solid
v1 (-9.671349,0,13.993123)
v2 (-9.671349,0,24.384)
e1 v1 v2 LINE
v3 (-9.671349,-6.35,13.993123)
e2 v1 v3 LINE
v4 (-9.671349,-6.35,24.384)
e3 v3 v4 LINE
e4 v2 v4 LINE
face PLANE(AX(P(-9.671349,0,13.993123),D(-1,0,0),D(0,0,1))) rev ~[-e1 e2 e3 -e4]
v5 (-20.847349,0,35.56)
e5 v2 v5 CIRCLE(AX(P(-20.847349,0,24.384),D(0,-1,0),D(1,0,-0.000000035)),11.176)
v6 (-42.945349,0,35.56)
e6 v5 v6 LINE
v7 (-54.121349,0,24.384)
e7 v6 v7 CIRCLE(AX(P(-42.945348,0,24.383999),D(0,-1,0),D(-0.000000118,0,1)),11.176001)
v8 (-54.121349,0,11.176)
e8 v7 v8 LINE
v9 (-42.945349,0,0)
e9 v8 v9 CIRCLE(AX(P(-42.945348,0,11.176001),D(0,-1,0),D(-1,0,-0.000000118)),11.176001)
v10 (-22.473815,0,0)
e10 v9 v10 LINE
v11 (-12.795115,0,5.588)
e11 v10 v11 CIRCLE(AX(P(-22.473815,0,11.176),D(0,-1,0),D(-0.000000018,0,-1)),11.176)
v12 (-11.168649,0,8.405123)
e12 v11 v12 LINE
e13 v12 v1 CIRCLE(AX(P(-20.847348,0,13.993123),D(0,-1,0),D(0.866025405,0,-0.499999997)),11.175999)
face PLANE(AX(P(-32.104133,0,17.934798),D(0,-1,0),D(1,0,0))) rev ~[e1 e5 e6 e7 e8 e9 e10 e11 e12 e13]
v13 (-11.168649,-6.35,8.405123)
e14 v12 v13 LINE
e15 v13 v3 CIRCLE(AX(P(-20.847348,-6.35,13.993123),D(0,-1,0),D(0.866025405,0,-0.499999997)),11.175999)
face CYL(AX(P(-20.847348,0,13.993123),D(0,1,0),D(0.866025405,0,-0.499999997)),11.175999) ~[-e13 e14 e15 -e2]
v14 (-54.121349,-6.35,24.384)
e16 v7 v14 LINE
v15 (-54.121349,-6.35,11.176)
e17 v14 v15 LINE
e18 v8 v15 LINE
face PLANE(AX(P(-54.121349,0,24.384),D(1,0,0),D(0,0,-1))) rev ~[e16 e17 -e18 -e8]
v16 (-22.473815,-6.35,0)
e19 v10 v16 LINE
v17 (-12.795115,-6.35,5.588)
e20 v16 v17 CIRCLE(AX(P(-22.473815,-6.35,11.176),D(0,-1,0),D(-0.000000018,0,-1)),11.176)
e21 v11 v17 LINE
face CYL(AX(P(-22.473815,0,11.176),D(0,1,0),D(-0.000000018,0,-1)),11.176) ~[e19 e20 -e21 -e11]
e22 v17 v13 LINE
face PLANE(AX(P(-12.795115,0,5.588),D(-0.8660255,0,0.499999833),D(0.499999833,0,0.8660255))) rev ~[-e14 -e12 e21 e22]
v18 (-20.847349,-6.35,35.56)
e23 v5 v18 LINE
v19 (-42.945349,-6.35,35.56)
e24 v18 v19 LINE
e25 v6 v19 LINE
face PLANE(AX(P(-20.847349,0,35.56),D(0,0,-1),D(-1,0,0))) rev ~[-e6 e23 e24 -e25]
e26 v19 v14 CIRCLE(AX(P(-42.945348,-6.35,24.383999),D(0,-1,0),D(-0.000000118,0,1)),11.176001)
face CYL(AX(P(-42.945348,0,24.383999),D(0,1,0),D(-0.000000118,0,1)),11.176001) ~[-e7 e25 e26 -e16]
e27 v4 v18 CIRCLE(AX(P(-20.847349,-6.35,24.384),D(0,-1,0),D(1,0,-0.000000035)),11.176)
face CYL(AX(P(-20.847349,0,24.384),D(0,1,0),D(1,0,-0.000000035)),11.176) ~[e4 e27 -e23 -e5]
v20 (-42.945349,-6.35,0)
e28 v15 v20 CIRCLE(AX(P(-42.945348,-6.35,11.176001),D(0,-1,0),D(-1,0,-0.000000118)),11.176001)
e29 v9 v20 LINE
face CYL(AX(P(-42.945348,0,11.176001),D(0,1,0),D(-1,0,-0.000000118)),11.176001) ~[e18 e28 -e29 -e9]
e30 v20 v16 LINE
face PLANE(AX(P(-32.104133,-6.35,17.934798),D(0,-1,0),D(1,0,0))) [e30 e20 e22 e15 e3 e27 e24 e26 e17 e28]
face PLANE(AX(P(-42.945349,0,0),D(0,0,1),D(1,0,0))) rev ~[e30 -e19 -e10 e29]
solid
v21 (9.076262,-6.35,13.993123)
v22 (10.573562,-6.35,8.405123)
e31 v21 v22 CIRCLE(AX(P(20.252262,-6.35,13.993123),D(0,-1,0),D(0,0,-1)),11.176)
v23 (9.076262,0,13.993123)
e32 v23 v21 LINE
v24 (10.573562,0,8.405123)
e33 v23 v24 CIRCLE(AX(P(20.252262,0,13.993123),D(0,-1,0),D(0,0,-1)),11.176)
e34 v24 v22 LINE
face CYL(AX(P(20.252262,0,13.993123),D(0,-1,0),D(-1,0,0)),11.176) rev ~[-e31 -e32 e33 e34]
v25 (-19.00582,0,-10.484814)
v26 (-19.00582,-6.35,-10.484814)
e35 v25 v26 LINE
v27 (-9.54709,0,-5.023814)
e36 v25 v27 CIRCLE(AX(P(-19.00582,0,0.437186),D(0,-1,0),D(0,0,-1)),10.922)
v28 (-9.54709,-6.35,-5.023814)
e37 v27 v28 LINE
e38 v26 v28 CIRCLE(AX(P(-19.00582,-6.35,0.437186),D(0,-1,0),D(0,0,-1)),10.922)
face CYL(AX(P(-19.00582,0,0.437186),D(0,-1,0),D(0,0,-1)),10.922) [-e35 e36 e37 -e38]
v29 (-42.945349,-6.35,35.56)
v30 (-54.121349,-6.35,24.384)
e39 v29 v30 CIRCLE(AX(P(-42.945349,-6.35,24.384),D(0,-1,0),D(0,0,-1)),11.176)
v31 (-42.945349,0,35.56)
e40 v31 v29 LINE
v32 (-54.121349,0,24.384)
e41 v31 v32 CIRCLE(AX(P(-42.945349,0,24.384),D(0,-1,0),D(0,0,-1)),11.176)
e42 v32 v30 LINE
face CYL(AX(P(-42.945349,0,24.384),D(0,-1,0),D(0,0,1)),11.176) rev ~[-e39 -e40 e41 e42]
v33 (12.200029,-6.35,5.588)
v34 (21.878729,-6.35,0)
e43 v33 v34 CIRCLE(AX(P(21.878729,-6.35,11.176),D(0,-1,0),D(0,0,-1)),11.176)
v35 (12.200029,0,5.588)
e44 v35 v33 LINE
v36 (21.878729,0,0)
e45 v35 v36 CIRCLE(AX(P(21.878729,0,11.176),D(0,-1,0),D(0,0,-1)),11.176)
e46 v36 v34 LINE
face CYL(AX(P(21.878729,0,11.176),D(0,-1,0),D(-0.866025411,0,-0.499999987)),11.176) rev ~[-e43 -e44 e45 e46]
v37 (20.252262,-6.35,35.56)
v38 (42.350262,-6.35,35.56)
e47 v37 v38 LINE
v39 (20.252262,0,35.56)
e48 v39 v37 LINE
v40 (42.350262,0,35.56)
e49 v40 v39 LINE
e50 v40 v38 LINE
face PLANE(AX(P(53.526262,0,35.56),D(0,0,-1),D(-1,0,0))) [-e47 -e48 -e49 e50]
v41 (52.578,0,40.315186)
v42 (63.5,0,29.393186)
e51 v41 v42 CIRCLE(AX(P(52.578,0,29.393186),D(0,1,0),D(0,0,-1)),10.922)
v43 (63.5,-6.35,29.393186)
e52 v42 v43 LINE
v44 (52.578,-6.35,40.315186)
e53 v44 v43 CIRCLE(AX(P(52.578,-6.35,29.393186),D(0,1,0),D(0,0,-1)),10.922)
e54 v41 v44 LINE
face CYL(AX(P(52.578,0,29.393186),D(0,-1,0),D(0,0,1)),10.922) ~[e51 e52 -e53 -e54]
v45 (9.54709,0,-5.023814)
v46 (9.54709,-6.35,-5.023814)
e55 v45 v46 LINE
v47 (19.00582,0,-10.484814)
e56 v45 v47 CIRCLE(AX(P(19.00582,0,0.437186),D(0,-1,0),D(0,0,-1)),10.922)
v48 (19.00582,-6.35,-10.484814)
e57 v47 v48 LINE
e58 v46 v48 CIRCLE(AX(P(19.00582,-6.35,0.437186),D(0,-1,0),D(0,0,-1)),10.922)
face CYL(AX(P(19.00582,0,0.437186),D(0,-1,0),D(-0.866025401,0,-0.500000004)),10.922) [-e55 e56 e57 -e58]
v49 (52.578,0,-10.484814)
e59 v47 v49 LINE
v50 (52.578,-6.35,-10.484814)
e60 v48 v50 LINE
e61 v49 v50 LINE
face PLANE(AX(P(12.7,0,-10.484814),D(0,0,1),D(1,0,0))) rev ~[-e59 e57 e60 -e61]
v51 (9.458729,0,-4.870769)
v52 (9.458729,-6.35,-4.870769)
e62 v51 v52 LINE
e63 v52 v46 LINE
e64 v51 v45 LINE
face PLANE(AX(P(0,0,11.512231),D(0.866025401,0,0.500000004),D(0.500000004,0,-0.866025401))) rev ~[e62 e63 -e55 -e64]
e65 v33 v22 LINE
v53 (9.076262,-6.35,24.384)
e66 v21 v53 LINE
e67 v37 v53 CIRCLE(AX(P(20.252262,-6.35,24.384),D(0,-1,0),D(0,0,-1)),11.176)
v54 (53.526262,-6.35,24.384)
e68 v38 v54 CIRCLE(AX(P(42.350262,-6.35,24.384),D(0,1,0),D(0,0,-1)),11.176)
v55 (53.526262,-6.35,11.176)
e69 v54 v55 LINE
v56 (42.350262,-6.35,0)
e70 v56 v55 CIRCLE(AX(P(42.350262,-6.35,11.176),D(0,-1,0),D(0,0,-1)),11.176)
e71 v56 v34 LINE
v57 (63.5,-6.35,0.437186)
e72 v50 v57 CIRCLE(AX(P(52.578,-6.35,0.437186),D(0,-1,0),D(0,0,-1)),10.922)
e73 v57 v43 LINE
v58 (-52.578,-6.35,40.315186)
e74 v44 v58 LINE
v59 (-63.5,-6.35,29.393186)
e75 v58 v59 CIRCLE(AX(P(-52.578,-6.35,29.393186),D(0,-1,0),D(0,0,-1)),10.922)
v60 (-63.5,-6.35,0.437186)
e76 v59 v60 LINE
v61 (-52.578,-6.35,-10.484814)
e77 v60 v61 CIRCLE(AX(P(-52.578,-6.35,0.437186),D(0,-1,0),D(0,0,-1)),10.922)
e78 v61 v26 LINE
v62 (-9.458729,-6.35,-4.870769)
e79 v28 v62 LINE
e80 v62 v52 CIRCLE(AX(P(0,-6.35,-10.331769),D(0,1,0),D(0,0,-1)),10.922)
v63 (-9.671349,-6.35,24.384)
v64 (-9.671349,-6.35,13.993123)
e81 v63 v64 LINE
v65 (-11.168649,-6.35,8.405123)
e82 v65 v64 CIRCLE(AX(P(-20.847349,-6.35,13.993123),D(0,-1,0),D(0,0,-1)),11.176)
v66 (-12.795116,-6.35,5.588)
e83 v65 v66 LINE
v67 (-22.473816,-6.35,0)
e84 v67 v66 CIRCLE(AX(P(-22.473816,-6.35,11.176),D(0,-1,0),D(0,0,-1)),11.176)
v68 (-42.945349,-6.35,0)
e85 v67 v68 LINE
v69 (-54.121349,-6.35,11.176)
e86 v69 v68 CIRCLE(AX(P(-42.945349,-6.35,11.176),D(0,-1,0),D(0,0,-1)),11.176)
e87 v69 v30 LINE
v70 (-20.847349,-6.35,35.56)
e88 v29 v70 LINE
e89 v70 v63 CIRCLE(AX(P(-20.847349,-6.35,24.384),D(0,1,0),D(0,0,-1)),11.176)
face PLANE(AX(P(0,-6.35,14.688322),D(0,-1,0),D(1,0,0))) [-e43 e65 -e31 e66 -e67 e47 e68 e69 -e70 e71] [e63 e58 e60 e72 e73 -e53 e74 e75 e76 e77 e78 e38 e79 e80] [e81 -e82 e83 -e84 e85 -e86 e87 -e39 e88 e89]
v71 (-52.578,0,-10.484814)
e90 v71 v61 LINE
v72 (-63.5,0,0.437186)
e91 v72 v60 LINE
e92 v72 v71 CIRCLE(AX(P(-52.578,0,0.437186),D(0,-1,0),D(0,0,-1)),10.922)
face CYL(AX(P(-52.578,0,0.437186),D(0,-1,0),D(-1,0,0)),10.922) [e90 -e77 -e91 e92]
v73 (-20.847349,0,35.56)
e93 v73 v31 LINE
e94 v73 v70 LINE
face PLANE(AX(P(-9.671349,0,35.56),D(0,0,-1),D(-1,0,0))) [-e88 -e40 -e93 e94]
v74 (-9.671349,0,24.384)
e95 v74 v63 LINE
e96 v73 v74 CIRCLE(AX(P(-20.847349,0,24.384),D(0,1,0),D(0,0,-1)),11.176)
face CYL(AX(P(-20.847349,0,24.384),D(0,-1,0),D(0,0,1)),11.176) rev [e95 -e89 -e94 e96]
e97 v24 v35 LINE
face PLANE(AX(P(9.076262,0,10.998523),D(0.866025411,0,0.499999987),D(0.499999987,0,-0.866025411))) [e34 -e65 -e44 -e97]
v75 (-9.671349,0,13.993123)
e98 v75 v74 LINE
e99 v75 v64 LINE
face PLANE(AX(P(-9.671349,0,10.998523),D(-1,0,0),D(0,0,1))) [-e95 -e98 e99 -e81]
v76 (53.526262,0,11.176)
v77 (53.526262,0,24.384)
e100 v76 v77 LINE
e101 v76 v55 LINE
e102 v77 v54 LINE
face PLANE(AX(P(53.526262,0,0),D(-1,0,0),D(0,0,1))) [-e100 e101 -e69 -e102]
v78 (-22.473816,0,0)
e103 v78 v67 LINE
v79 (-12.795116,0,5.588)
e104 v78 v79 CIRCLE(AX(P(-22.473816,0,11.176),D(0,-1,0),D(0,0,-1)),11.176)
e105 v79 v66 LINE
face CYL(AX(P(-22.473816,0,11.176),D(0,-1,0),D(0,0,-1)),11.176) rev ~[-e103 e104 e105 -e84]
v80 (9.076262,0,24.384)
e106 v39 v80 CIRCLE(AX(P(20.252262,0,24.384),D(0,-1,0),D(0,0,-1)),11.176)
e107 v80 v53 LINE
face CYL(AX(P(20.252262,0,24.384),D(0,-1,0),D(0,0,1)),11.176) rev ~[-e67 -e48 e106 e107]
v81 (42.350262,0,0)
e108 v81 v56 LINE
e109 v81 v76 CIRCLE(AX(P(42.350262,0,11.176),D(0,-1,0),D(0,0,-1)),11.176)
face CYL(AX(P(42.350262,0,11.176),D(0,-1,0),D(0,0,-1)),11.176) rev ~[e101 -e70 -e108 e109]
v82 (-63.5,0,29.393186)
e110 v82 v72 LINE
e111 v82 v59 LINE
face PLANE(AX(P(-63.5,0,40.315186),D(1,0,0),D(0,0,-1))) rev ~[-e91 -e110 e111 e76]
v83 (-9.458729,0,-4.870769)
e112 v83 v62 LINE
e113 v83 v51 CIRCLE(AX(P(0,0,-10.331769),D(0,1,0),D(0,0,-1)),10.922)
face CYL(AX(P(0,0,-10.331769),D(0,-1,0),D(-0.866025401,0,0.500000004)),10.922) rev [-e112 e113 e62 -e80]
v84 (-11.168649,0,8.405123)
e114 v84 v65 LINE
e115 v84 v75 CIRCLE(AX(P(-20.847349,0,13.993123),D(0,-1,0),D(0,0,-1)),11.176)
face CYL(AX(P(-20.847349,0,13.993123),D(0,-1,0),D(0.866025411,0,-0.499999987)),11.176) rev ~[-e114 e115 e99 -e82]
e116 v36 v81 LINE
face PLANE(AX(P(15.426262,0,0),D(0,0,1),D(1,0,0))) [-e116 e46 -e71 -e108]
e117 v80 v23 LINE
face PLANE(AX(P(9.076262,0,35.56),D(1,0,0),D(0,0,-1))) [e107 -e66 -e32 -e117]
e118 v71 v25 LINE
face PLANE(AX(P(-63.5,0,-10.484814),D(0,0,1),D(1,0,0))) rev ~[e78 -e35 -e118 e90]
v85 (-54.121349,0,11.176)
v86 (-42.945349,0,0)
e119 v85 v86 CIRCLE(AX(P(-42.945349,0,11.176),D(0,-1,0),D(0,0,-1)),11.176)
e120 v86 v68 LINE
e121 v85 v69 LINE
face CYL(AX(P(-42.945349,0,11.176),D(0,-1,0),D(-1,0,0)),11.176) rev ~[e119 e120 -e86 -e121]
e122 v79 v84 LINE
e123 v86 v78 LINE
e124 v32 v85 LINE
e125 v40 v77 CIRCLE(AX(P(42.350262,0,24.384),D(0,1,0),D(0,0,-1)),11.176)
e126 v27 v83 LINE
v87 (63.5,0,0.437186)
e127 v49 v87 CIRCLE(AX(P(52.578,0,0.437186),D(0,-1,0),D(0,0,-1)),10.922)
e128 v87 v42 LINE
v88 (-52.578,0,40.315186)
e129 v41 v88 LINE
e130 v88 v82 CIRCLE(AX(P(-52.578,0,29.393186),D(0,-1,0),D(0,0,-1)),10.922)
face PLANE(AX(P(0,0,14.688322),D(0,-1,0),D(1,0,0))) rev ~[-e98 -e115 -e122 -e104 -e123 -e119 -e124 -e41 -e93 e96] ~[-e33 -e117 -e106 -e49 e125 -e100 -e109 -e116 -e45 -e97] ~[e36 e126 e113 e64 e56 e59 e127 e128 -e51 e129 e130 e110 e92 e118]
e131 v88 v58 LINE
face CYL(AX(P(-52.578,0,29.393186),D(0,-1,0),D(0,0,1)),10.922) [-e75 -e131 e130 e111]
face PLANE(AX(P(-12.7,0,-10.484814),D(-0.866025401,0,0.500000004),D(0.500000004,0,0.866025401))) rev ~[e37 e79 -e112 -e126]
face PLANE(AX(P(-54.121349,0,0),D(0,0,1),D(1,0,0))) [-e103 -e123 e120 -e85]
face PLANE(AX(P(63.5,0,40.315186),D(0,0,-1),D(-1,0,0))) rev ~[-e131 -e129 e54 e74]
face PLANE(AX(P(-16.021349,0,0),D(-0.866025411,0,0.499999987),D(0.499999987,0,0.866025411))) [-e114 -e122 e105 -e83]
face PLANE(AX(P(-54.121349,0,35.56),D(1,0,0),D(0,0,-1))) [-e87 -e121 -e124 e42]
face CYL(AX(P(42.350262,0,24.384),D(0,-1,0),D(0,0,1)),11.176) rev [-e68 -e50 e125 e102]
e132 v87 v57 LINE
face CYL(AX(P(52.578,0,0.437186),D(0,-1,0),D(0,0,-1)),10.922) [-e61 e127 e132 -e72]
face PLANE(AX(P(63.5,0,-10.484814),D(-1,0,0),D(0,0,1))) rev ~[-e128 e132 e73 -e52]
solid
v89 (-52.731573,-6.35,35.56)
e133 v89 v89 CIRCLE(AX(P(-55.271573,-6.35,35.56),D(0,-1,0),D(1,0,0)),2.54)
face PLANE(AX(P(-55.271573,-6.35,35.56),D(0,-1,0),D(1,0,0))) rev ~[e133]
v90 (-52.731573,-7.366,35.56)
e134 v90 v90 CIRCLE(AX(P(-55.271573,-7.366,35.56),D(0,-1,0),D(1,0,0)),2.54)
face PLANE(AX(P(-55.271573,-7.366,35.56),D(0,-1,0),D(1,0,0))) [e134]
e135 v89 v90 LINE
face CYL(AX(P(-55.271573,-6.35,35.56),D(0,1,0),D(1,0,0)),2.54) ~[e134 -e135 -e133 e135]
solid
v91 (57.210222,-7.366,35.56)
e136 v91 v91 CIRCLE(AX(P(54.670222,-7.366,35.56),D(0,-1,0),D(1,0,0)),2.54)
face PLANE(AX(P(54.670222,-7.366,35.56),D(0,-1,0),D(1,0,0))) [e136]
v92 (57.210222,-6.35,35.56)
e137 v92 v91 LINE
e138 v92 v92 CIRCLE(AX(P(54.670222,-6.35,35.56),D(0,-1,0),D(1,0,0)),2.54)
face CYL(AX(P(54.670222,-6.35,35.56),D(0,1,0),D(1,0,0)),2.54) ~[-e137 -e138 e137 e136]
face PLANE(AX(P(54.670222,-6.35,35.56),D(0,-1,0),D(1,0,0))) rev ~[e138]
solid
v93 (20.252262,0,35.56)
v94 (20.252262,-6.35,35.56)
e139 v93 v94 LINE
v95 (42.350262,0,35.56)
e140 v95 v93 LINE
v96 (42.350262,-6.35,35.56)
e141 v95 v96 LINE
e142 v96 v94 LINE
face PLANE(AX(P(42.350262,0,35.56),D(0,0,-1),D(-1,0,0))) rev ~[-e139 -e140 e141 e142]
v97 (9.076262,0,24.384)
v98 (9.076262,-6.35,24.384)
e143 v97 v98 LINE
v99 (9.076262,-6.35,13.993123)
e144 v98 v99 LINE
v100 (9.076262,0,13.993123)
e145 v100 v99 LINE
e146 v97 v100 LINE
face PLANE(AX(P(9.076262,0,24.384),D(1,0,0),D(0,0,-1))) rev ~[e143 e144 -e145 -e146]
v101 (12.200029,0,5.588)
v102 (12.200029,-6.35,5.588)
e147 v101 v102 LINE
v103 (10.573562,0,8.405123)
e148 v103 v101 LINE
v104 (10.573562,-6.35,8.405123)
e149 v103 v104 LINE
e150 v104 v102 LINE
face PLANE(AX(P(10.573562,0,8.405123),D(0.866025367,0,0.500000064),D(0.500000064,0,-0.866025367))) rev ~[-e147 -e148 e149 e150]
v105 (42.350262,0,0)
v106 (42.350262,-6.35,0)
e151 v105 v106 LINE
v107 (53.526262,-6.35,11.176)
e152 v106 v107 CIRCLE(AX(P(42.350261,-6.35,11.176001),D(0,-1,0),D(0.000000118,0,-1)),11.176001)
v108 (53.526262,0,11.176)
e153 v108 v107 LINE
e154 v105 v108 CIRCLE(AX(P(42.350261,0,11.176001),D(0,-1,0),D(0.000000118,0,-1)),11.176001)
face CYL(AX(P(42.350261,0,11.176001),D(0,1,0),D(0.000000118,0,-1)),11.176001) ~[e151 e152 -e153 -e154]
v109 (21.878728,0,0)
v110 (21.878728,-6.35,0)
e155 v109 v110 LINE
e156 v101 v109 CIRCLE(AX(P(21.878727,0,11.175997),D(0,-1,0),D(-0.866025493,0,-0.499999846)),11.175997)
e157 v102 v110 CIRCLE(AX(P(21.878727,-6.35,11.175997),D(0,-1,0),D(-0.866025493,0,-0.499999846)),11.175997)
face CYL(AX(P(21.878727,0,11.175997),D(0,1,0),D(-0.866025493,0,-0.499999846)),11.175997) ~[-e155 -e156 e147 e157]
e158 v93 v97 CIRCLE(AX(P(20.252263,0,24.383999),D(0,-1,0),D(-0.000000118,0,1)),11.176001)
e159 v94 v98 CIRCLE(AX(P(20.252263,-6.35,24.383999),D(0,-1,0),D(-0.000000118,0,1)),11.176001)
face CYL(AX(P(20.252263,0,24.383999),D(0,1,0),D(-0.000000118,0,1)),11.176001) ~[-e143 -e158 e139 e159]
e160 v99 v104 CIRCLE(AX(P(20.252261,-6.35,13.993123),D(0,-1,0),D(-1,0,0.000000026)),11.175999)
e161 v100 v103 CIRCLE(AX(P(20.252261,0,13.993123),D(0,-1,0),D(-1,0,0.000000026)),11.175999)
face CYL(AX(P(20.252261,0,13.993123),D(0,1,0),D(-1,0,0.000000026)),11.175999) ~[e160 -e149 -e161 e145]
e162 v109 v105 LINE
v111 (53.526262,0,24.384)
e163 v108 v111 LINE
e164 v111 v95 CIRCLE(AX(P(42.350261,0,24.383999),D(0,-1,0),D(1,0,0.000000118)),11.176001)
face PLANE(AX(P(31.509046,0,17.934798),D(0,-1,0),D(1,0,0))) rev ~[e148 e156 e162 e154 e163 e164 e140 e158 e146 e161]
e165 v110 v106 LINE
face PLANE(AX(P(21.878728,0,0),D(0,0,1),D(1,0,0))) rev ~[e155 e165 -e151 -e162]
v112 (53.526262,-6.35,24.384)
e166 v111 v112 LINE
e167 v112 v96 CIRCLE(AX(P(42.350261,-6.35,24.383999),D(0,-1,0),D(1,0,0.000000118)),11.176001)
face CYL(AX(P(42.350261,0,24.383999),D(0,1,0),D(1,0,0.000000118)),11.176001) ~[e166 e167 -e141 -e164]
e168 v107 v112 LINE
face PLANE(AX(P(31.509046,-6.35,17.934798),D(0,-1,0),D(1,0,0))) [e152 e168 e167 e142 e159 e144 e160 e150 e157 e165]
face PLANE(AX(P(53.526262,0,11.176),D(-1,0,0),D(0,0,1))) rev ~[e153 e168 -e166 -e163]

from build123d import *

# Parameters (mm, degrees)
F1_DEPTH = 6.35
F2_R     = 10.922
F4_DEPTH = 25.4
F5_R     = 11.176
F7_DEPTH = 6.35
F8_R     = 2.54
F9_DEPTH = 1.016


with BuildPart() as f1:
    # F0 (on Front) → F1 (new body)
    with BuildSketch(Plane.XZ):
        Polygon((63.5, 40.315186), (-63.5, 40.315186), (-63.5, -10.484814), (-12.7, -10.484814), (0, 11.512231), (12.7, -10.484814), (63.5, -10.484814), align=None)
    extrude(amount=F1_DEPTH)

    # F2
    f2_edges = [f1.edges().sort_by_distance(p)[0] for p in [
        (63.5, -3.175, 40.315186),
        (-63.5, -3.175, 40.315186),
        (-63.5, -3.175, -10.484814),
        (-12.7, -3.175, -10.484814),
        (0, -3.175, 11.512231),
        (12.7, -3.175, -10.484814),
        (63.5, -3.175, -10.484814),
    ]]
    fillet(f2_edges, radius=F2_R)

    # F3 (on Front) → F4 (cut)
    with BuildSketch(Plane.XZ):
        Polygon((-9.671349, 35.56), (-54.121349, 35.56), (-54.121349, 0), (-16.021349, 0), (-9.671349, 10.998523), align=None)
        Polygon((53.526262, 35.56), (9.076262, 35.56), (9.076262, 10.998523), (15.426262, 0), (53.526262, 0), align=None)
    extrude(amount=F4_DEPTH, mode=Mode.SUBTRACT)

    # F5
    f5_edges = [f1.edges().sort_by_distance(p)[0] for p in [
        (-54.121349, -3.175, 35.56),
        (-9.671349, -3.175, 35.56),
        (-9.671349, -3.175, 10.998523),
        (-16.021349, -3.175, 0),
        (-54.121349, -3.175, 0),
        (15.426262, -3.175, 0),
        (9.076262, -3.175, 10.998523),
        (9.076262, -3.175, 35.56),
        (53.526262, -3.175, 35.56),
        (53.526262, -3.175, 0),
    ]]
    fillet(f5_edges, radius=F5_R)


with BuildPart() as f7:
    # F6 (on Front) → F7 (new body)
    with BuildSketch(Plane.XZ):
        with BuildLine():
            Line((-54.121349, 24.384), (-54.121349, 11.176))
            ThreePointArc((-54.121349, 11.176), (-50.847974, 3.273375), (-42.945349, 0))
            Line((-42.945349, 0), (-22.473815, 0))
            ThreePointArc((-22.473815, 0), (-16.885815, 1.4973), (-12.795115, 5.588))
            Line((-12.795115, 5.588), (-11.168649, 8.405123))
            ThreePointArc((-11.168649, 8.405123), (-10.052162, 11.100561), (-9.671349, 13.993123))
            Line((-9.671349, 13.993123), (-9.671349, 24.384))
            ThreePointArc((-9.671349, 24.384), (-12.944723, 32.286625), (-20.847349, 35.56))
            Line((-20.847349, 35.56), (-42.945349, 35.56))
            ThreePointArc((-42.945349, 35.56), (-50.847974, 32.286625), (-54.121349, 24.384))
        make_face()
        with BuildLine():
            Line((9.076262, 24.384), (9.076262, 13.993123))
            ThreePointArc((9.076262, 13.993123), (9.457075, 11.100561), (10.573562, 8.405123))
            Line((10.573562, 8.405123), (12.200029, 5.588))
            ThreePointArc((12.200029, 5.588), (16.290728, 1.4973), (21.878728, 0))
            Line((21.878728, 0), (42.350262, 0))
            ThreePointArc((42.350262, 0), (50.252887, 3.273375), (53.526262, 11.176))
            Line((53.526262, 11.176), (53.526262, 24.384))
            ThreePointArc((53.526262, 24.384), (50.252887, 32.286625), (42.350262, 35.56))
            Line((42.350262, 35.56), (20.252262, 35.56))
            ThreePointArc((20.252262, 35.56), (12.349637, 32.286625), (9.076262, 24.384))
        make_face()
    extrude(amount=F7_DEPTH)


with BuildPart() as f9:
    # F8 (on face) → F9 (new body)
    with BuildSketch(Plane.XZ.offset(6.35)):
        with Locations((54.670222, 35.56)):
            Circle(F8_R)
        with Locations((-55.271573, 35.56)):
            Circle(F8_R)
    extrude(amount=F9_DEPTH)


solid = Compound([f1.part, f7.part, f9.part])
